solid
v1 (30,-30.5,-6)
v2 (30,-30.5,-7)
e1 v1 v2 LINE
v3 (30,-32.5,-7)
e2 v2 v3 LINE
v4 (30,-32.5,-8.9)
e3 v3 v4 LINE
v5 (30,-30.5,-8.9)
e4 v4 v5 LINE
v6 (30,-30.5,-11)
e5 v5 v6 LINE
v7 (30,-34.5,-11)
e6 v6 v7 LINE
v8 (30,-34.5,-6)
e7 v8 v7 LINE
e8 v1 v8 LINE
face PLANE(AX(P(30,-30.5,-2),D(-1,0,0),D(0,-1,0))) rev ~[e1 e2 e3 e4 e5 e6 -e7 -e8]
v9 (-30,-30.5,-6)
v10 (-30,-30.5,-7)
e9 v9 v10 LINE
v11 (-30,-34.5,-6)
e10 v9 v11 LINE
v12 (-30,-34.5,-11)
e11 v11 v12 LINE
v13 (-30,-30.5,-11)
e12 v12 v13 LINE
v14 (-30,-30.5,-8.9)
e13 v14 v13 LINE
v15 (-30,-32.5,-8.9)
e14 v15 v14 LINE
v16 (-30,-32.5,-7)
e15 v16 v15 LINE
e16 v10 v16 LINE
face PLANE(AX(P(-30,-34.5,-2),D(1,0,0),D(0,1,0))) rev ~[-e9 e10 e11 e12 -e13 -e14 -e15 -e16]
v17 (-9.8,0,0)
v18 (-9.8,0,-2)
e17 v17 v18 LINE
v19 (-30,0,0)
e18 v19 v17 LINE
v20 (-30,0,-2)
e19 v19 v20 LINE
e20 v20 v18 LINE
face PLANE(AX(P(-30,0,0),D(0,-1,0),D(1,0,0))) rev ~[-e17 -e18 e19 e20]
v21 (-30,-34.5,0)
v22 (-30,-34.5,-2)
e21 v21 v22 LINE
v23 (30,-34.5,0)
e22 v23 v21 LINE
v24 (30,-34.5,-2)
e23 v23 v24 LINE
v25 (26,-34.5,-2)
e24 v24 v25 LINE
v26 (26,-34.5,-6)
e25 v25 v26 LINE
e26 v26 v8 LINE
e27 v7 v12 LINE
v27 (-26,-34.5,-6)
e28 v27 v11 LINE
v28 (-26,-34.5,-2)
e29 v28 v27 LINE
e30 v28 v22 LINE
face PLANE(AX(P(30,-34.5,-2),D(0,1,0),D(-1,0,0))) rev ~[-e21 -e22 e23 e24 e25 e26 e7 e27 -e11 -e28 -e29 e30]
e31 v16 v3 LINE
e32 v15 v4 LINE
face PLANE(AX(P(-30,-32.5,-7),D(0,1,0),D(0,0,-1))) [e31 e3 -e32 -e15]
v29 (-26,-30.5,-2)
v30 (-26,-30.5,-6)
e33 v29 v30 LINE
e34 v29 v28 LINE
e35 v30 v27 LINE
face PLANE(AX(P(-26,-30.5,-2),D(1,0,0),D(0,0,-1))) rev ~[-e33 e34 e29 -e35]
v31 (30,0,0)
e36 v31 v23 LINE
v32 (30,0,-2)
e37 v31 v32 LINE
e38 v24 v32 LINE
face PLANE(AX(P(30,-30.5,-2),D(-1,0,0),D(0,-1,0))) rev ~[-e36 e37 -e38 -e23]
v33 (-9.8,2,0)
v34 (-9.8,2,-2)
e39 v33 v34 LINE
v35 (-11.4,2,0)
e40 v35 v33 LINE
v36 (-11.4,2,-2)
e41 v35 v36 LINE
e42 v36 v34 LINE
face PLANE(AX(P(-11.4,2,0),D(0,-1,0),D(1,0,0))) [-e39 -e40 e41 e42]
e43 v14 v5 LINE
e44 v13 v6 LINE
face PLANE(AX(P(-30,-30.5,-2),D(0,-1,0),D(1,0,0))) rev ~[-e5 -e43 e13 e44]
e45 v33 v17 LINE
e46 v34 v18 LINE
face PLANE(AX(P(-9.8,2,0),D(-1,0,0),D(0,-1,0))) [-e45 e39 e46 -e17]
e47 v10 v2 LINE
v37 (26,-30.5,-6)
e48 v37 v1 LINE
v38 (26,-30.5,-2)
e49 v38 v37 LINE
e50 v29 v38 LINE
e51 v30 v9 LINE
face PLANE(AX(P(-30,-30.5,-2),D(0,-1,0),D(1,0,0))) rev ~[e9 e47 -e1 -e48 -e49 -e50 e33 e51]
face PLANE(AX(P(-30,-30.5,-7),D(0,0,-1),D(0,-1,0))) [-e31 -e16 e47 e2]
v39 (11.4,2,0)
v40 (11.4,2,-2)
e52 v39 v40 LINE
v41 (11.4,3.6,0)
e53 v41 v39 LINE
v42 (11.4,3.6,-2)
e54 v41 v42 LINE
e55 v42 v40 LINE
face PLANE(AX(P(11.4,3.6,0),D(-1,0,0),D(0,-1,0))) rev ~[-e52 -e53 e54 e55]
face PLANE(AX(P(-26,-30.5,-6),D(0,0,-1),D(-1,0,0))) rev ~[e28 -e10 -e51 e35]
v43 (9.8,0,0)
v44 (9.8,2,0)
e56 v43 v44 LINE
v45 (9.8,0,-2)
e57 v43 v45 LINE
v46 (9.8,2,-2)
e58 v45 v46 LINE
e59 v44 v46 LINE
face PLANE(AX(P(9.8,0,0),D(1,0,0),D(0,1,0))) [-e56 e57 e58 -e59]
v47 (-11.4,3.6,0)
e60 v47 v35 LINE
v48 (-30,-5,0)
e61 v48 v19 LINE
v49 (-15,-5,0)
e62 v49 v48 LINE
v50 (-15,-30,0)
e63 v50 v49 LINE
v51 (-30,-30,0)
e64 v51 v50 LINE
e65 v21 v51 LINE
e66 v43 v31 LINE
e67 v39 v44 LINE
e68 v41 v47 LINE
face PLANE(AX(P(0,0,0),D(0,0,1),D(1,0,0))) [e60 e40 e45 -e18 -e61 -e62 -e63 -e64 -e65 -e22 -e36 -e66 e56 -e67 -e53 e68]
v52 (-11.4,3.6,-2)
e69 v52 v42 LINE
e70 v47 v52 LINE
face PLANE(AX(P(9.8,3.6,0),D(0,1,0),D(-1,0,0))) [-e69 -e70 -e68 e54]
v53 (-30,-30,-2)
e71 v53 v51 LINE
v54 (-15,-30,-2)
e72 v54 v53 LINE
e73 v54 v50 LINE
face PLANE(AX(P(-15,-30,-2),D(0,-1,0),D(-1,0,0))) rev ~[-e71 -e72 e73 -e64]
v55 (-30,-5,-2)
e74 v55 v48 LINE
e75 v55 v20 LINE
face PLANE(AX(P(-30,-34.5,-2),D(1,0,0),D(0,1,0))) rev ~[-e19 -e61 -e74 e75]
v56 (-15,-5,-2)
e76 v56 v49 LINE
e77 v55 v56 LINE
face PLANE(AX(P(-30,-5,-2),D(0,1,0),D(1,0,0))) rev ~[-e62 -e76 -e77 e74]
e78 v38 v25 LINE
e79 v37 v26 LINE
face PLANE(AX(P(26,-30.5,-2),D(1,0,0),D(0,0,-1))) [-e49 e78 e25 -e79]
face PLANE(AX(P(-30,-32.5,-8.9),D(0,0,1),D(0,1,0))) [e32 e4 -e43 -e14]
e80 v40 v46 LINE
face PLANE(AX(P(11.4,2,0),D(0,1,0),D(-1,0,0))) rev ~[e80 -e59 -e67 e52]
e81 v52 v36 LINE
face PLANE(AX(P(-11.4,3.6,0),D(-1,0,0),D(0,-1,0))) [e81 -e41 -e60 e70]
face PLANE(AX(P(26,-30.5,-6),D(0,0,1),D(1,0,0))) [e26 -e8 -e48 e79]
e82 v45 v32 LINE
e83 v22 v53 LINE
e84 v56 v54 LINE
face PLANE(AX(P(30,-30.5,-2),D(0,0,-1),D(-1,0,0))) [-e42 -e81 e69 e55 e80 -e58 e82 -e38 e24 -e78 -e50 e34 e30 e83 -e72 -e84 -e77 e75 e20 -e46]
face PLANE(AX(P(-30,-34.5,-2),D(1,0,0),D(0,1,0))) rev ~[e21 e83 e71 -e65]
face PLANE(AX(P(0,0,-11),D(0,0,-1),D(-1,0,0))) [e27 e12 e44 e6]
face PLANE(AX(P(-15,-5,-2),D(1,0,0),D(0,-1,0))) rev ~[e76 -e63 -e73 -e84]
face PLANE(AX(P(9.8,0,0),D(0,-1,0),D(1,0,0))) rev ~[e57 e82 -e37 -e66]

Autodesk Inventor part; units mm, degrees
ref_plane "YZ Plane" through (0, 0, 0) normal (1, 0, 0) x (0, 1, 0)
ref_plane "XZ Plane" through (0, 0, 0) normal (0, 1, 0) x (-1, 0, 0)
ref_plane "XY Plane" through (0, 0, 0) normal (0, 0, 1) x (1, 0, 0)
sketch "Skizze1" plane through (0, 0, 0) normal (0, 0, 1) x (1, 0, 0)
  line L0 (-30, 0) -> (30, 0)
  line L1 (30, 0) -> (30, -34.5)
  line L2 (30, -34.5) -> (-30, -34.5)
  line L3 (-30, -34.5) -> (-30, 0)
  line L4 (-9.8, 0) -> (9.8, 0)
  line L5 (9.8, 0) -> (9.8, 3.6)
  line L6 (9.8, 3.6) -> (-9.8, 3.6)
  line L7 (-9.8, 3.6) -> (-9.8, 0)
  line L8 (9.8, 3.6) -> (11.4, 3.6)
  line L9 (11.4, 3.6) -> (11.4, 2)
  line L10 (11.4, 2) -> (9.8, 2)
  line L11 (9.8, 2) -> (9.8, 3.6)
  line L12 (-9.8, 3.6) -> (-11.4, 3.6)
  line L13 (-11.4, 3.6) -> (-11.4, 2)
  line L14 (-11.4, 2) -> (-9.8, 2)
  line L15 (-9.8, 2) -> (-9.8, 3.6)
  point P0 (0, 0)
  point P1 (0, 0)
  point P2 (9.8, 1.8)
  dimension "d0" = 3.6
  dimension "d1" = 19.6
  dimension "d2" = 1.6
  dimension "d3" = 1.6
  dimension "d4" = 1.6
  dimension "d5" = 1.6
  dimension "d6" = 34.5
  dimension "d7" = 60
  dimension "d8" = 30
  dimension "d9" = 9.8
extrude "Extrusion1" add sketch "Skizze1" against normal blind 2
sketch "Skizze2" plane through (0, 0, -2) normal (0, 0, -1) x (-1, 0, 0)
  line L0 (-30, -34.5) -> (30, -34.5) projected
  line L1 (30, -34.5) -> (30, 0) projected
  line L2 (-30, -34.5) -> (30, -34.5)
  line L3 (30, -34.5) -> (30, -30.5)
  line L4 (30, -30.5) -> (-30, -30.5)
  line L5 (-30, -30.5) -> (-30, -34.5)
  point P0 (0, 0)
  dimension "d12" = 4
extrude "Extrusion2" add sketch "Skizze2" along normal blind 9
sketch "Skizze3" plane through (-30, -34.5, 0) normal (-1, 0, 0) x (0, 0, 1)
  line L0 (-2, 4) -> (-11, 4) projected
  line L1 (-8.9, 4) -> (-7, 4)
  line L2 (-7, 4) -> (-7, 2)
  line L3 (-7, 2) -> (-8.9, 2)
  line L4 (-8.9, 2) -> (-8.9, 4)
  line L5 (-2, 4) -> (-2, 34.5) projected
  point P0 (0, 34.5)
  dimension "d15" = 1.9
  dimension "d16" = 2
  dimension "d17" = 5
extrude "Extrusion3" cut sketch "Skizze3" against normal through all
sketch "Skizze4" plane through (-30, -30.5, -2) normal (0, 1, 0) x (1, 0, 0)
  line L0 (60, 0) -> (0, 0) projected
  line L1 (0, 0) -> (4, 0)
  line L2 (4, 0) -> (4, 4)
  line L3 (4, 4) -> (0, 4)
  line L4 (0, 4) -> (0, 0)
  line L5 (60, -2) -> (60, 9) projected
  line L6 (60, 0) -> (56, 0)
  line L7 (56, 0) -> (56, 4)
  line L8 (56, 4) -> (60, 4)
  line L9 (60, 4) -> (60, 0)
  point P0 (30, -2)
  point P1 (60, 4)
  point P2 (4, 0)
  dimension "d20" = 4
  dimension "d21" = 4
  dimension "d22" = 4
  dimension "d23" = 4
extrude "Extrusion4" cut sketch "Skizze4" against normal blind 10
sketch "Skizze5" plane through (0, 0, -2) normal (0, 0, -1) x (-1, 0, 0)
  line L0 (30, 0) -> (30, -34.5) projected
  line L1 (30, -5) -> (15, -5)
  line L2 (15, -5) -> (15, -30)
  line L3 (15, -30) -> (30, -30)
  line L4 (30, -30) -> (30, -5)
  line L5 (30, 0) -> (9.8, 0) projected
  point P0 (0, 0)
  point P1 (30, -30.5)
  dimension "d28" = 15
  dimension "d29" = 25
  dimension "d30" = 5
extrude "Extrusion5" cut sketch "Skizze5" against normal blind 10
equation "\"d2\" = d4"
equation "\"d3\" = d4"
equation "\"d5\" = d4"
equation "\"d8\" = 0.5 * d7"
equation "\"d9\" = 0.5 * d1"
properties part number "ClipUnten"
